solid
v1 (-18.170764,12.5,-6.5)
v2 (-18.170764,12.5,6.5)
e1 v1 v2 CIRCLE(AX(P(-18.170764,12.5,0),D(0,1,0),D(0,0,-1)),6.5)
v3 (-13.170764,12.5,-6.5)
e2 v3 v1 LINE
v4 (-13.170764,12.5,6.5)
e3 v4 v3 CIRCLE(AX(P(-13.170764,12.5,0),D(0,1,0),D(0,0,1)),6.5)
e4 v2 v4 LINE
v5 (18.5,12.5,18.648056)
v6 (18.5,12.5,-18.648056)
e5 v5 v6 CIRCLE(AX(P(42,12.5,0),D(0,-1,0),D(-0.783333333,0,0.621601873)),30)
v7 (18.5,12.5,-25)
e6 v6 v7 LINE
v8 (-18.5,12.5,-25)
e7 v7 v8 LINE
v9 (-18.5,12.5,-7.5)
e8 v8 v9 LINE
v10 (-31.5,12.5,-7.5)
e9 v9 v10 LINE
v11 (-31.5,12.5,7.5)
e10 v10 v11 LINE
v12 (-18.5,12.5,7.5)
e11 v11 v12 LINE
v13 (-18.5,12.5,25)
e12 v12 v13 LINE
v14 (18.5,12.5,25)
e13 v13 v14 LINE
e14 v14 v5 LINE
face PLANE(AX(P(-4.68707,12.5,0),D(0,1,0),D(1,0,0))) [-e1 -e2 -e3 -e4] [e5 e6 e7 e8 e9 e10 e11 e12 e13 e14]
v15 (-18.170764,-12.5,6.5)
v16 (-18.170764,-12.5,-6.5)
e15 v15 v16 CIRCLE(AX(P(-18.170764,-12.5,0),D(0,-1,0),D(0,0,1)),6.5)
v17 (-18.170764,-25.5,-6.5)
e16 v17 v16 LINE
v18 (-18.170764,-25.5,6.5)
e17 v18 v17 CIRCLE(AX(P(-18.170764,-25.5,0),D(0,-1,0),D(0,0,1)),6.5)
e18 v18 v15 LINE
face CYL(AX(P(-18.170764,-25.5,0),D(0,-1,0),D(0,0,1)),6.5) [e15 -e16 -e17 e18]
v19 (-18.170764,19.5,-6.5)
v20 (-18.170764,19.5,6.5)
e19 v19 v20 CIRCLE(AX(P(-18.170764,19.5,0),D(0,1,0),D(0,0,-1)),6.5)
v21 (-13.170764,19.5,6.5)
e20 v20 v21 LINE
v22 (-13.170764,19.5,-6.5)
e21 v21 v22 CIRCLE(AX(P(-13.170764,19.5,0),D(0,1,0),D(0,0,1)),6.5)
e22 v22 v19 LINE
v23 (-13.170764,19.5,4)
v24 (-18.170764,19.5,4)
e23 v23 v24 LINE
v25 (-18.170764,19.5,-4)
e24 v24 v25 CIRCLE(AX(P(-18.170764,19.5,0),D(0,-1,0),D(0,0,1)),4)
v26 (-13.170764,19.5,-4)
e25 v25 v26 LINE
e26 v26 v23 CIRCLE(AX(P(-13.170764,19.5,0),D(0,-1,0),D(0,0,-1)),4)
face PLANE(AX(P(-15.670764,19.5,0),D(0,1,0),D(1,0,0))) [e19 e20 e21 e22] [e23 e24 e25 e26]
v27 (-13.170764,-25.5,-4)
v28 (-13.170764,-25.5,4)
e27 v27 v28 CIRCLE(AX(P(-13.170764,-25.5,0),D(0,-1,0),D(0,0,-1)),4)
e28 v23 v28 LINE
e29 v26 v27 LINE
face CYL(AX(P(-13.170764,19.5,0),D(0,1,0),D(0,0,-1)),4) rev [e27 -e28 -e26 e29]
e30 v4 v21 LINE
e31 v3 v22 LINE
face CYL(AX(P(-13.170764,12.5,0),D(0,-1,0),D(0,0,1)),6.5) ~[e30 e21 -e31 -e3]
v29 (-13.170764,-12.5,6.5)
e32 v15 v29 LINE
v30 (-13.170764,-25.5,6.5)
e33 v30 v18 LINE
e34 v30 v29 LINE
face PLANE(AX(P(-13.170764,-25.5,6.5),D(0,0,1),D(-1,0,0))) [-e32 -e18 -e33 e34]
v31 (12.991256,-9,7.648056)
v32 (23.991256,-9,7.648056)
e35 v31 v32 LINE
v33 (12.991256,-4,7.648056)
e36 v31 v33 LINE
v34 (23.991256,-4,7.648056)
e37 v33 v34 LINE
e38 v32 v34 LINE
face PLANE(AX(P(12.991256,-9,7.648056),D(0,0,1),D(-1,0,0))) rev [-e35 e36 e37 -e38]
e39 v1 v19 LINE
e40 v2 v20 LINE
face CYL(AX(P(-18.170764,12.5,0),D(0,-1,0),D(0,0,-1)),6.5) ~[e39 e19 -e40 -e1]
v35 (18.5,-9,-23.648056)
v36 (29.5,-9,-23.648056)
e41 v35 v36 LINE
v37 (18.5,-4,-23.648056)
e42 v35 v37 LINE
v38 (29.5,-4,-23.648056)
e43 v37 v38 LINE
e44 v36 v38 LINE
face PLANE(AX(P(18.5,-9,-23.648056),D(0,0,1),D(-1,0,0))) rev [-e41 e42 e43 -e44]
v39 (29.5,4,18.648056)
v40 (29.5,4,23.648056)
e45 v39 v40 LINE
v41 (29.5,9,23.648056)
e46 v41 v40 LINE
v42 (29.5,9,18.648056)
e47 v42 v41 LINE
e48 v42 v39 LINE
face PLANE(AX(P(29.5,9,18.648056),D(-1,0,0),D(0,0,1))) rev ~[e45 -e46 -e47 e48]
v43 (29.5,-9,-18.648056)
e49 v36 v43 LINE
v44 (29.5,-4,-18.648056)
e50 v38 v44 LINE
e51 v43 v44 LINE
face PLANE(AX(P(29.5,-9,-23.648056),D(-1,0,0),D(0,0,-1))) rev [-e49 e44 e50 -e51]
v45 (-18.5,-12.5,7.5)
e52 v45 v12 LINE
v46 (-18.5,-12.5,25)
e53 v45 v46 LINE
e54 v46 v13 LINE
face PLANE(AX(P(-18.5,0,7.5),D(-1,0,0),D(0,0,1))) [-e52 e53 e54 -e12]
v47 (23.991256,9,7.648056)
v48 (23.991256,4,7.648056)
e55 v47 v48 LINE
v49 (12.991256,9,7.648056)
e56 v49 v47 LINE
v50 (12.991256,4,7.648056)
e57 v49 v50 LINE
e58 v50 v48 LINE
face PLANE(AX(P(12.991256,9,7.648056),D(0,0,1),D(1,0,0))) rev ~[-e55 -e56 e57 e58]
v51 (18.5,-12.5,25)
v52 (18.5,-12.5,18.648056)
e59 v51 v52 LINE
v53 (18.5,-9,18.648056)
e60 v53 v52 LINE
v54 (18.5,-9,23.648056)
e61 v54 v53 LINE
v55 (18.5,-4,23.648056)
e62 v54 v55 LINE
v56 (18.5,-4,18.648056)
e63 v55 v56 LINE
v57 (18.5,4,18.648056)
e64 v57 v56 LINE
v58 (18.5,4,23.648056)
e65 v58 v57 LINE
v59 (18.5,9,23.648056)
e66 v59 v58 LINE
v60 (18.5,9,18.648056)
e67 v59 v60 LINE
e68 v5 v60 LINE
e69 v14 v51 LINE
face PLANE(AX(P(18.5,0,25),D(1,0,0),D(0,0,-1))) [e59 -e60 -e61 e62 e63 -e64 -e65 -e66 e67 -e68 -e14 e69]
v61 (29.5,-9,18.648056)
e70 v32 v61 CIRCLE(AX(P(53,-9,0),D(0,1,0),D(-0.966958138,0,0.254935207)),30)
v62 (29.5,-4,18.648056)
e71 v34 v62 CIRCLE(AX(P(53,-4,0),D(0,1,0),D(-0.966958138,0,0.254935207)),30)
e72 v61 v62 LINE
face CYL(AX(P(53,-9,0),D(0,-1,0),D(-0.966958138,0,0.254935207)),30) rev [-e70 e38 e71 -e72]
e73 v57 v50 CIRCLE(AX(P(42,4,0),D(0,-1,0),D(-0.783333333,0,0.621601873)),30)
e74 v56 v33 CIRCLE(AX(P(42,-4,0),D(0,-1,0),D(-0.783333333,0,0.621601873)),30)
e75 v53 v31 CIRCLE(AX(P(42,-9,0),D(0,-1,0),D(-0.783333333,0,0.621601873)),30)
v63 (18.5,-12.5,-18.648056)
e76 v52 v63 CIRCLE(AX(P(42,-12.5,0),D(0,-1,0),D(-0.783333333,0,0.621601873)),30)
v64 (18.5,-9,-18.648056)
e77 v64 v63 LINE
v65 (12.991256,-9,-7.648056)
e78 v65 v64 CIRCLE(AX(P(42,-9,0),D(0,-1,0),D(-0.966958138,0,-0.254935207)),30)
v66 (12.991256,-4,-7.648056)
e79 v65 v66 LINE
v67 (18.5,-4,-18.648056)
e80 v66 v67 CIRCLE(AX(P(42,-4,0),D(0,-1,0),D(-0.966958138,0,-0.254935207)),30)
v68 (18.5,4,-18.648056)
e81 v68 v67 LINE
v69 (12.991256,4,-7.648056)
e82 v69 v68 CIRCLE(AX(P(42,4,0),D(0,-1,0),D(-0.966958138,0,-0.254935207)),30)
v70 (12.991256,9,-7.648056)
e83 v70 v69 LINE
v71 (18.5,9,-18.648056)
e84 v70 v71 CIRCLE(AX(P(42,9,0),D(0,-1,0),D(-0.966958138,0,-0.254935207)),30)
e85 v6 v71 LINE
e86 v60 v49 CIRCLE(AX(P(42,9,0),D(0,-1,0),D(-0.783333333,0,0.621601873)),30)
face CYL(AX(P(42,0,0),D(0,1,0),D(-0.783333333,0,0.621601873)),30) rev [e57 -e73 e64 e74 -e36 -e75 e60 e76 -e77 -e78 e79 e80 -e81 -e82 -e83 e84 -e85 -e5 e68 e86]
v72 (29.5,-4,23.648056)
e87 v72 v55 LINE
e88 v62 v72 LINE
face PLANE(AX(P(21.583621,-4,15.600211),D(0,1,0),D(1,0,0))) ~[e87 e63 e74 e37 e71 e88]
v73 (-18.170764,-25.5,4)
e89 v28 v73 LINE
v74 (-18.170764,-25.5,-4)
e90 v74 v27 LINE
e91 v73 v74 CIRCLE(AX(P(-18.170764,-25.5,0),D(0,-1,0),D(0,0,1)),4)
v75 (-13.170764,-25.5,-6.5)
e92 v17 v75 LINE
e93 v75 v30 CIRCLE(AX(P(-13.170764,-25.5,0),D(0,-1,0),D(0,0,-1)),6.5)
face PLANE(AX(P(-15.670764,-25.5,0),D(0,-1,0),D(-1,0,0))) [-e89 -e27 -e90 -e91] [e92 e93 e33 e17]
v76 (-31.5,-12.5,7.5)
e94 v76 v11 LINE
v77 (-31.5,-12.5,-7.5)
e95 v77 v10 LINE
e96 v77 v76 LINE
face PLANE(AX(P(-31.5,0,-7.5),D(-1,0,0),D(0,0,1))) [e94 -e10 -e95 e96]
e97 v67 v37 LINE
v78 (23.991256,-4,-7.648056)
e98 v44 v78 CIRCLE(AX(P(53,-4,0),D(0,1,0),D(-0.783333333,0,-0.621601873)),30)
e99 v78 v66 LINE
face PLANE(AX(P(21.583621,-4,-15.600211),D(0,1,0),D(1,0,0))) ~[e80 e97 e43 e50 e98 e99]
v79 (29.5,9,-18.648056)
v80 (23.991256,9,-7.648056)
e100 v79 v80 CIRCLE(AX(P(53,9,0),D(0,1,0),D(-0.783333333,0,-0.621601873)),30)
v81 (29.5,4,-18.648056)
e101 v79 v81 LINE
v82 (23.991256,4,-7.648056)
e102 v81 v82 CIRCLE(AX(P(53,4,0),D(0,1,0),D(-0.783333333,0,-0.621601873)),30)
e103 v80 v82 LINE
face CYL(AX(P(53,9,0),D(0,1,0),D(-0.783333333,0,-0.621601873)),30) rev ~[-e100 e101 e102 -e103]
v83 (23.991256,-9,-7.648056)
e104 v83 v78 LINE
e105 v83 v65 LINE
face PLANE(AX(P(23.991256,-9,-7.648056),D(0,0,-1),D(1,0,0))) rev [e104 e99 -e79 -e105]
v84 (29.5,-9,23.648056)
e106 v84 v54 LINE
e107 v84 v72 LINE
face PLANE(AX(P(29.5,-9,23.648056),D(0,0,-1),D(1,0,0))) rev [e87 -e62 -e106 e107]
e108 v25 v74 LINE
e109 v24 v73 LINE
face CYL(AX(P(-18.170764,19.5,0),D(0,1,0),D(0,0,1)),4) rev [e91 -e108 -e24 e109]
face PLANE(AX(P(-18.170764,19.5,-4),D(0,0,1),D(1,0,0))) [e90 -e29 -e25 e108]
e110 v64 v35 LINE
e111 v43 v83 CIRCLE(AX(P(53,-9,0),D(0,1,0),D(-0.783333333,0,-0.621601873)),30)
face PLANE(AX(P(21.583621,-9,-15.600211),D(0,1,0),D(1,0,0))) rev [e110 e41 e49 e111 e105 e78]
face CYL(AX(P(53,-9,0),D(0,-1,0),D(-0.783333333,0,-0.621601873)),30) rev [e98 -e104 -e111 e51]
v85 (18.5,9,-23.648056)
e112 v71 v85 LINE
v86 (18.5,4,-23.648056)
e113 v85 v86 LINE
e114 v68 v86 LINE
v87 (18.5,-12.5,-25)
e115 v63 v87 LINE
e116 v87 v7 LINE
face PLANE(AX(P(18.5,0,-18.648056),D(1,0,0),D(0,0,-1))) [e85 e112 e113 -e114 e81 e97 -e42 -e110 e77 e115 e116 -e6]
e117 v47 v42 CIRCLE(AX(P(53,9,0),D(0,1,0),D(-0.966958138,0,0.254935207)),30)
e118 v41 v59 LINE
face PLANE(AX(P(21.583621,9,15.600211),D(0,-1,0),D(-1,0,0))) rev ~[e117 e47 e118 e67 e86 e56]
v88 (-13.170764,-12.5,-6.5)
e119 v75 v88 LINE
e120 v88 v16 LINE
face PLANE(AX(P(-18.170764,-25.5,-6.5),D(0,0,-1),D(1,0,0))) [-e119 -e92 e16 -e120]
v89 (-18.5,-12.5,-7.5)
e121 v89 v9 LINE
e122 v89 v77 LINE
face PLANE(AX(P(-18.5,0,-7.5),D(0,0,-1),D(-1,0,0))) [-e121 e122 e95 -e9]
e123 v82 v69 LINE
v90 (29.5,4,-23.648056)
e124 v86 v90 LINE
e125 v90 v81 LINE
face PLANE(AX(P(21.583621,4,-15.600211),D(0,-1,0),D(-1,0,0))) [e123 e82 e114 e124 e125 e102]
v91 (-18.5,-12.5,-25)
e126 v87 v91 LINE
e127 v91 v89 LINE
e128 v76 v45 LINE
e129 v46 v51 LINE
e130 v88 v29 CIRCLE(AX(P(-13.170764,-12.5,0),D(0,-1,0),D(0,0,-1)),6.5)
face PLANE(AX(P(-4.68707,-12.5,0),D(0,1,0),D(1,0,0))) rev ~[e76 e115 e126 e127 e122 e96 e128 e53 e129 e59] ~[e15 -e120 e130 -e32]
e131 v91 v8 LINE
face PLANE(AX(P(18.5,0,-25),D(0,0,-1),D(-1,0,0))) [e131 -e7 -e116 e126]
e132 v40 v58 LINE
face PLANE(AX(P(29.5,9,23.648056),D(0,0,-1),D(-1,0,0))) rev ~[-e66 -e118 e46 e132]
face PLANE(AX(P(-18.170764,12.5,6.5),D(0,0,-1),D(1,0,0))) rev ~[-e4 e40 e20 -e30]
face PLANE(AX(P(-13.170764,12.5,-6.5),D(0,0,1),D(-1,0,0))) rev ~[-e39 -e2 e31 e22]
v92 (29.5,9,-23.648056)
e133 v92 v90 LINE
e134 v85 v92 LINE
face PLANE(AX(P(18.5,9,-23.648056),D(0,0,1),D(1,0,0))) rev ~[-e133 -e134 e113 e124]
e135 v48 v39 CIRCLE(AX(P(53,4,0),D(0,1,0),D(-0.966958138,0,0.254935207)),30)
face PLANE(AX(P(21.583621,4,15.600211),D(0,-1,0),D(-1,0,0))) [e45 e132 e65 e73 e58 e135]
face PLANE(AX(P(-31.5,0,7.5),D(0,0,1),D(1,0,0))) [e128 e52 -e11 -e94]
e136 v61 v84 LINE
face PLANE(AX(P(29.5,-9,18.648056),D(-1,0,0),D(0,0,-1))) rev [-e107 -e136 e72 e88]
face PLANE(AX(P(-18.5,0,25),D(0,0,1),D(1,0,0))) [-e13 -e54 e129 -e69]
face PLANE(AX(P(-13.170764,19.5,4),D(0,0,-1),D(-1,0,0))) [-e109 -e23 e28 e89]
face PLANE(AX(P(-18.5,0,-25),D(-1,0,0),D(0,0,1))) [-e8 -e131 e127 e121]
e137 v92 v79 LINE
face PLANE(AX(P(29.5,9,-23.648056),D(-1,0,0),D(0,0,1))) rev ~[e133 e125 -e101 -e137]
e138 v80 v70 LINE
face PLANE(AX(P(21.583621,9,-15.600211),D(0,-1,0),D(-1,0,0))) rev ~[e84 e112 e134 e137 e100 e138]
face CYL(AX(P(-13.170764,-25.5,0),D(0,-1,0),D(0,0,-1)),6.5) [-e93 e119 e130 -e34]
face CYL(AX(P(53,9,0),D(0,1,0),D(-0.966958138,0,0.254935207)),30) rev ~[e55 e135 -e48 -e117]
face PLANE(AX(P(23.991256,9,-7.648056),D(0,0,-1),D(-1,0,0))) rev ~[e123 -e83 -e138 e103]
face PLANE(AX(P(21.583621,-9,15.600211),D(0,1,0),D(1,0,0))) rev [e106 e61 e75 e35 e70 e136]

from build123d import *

# Parameters (mm, degrees)
EXTRUDE_1_DEPTH     = 12.5
EXTRUDE_START       = 5
EXTRUDE_3_DEPTH     = 5
EXTRUDE_4_DEPTH     = 7
EXTRUDE_START_2     = -45
EXTRUDE_5_DEPTH     = 45
CUT_EXTRUDE_1_DEPTH = 45


with BuildPart() as part:
    # 草图1 → 凸台-拉伸1 (new, symmetric)
    with BuildSketch(Plane(origin=(0, 0, 0), x_dir=(1, 0, 0), z_dir=(0, 1, 0))):
        with BuildLine():
            Line((18.5, 18.648056199), (18.5, 25))
            Line((18.5, 25), (-18.5, 25))
            Line((-18.5, 25), (-18.5, 7.5))
            Line((-18.5, 7.5), (-31.5, 7.5))
            Line((-31.5, 7.5), (-31.5, -7.5))
            Line((-31.5, -7.5), (-18.5, -7.5))
            Line((-18.5, -7.5), (-18.5, -25))
            Line((-18.5, -25), (18.5, -25))
            Line((18.5, -25), (18.5, -18.648056199))
            ThreePointArc((18.5, -18.648056199), (12, 0), (18.5, 18.648056199))
        make_face()
    extrude(amount=EXTRUDE_1_DEPTH, both=True)

    # 草图2 → 凸台-拉伸3 (add)
    with BuildSketch(Plane(origin=(0, 4, 0), x_dir=(1, 0, 0), z_dir=(0, 1, 0)).offset(EXTRUDE_START)):
        with BuildLine():
            Line((18.5, 23.648056199), (29.5, 23.648056199))
            Line((29.5, 23.648056199), (29.5, 18.648056199))
            ThreePointArc((29.5, 18.648056199), (26.175718971, 13.433463712), (23.991255863, 7.648056199))
            Line((23.991255863, 7.648056199), (12.991255863, 7.648056199))
            ThreePointArc((12.991255863, 7.648056199), (15.175718971, 13.433463712), (18.5, 18.648056199))
            Line((18.5, 18.648056199), (18.5, 23.648056199))
        make_face()
        with BuildLine():
            Line((12.991255863, -7.648056199), (23.991255863, -7.648056199))
            ThreePointArc((23.991255863, -7.648056199), (26.175718971, -13.433463712), (29.5, -18.648056199))
            Line((29.5, -18.648056199), (29.5, -23.648056199))
            Line((29.5, -23.648056199), (18.5, -23.648056199))
            Line((18.5, -23.648056199), (18.5, -18.648056199))
            ThreePointArc((18.5, -18.648056199), (15.175718971, -13.433463712), (12.991255863, -7.648056199))
        make_face()
    extrude_3 = extrude(amount=-EXTRUDE_3_DEPTH)

    # 镜向1: 凸台-拉伸3 across plane
    add(extrude_3.mirror(Plane.ZX))

    # 草图3 → 凸台-拉伸4 (add)
    with BuildSketch(Plane(origin=(0, 12.5, 0), x_dir=(1, 0, 0), z_dir=(0, 1, 0))):
        with BuildLine():
            Line((-13.170764362, 6.5), (-18.170764362, 6.5))
            ThreePointArc((-18.170764362, 6.5), (-24.670764362, 0), (-18.170764362, -6.5))
            Line((-18.170764362, -6.5), (-13.170764362, -6.5))
            ThreePointArc((-13.170764362, -6.5), (-6.670764362, 0), (-13.170764362, 6.5))
        make_face()
    extrude(amount=EXTRUDE_4_DEPTH)

    # 草图5 → 凸台-拉伸5 (add)
    with BuildSketch(Plane(origin=(0, 19.5, 0), x_dir=(1, 0, 0), z_dir=(0, 1, 0)).offset(EXTRUDE_START_2)):
        with BuildLine():
            Line((-18.170764362, 6.5), (-13.170764362, 6.5))
            ThreePointArc((-13.170764362, 6.5), (-6.670764362, 0), (-13.170764362, -6.5))
            Line((-13.170764362, -6.5), (-18.170764362, -6.5))
            ThreePointArc((-18.170764362, -6.5), (-24.670764362, 0), (-18.170764362, 6.5))
        make_face()
    extrude(amount=EXTRUDE_5_DEPTH)

    # 草图6 → 切除-拉伸1 (cut)
    with BuildSketch(Plane(origin=(0, 19.5, 0), x_dir=(1, 0, 0), z_dir=(0, 1, 0))):
        with BuildLine():
            Line((-18.170764362, 4), (-13.170764362, 4))
            ThreePointArc((-13.170764362, 4), (-9.170764362, 0), (-13.170764362, -4))
            Line((-13.170764362, -4), (-18.170764362, -4))
            ThreePointArc((-18.170764362, -4), (-22.170764362, 0), (-18.170764362, 4))
        make_face()
    extrude(amount=-CUT_EXTRUDE_1_DEPTH, mode=Mode.SUBTRACT)


solid = part.part
